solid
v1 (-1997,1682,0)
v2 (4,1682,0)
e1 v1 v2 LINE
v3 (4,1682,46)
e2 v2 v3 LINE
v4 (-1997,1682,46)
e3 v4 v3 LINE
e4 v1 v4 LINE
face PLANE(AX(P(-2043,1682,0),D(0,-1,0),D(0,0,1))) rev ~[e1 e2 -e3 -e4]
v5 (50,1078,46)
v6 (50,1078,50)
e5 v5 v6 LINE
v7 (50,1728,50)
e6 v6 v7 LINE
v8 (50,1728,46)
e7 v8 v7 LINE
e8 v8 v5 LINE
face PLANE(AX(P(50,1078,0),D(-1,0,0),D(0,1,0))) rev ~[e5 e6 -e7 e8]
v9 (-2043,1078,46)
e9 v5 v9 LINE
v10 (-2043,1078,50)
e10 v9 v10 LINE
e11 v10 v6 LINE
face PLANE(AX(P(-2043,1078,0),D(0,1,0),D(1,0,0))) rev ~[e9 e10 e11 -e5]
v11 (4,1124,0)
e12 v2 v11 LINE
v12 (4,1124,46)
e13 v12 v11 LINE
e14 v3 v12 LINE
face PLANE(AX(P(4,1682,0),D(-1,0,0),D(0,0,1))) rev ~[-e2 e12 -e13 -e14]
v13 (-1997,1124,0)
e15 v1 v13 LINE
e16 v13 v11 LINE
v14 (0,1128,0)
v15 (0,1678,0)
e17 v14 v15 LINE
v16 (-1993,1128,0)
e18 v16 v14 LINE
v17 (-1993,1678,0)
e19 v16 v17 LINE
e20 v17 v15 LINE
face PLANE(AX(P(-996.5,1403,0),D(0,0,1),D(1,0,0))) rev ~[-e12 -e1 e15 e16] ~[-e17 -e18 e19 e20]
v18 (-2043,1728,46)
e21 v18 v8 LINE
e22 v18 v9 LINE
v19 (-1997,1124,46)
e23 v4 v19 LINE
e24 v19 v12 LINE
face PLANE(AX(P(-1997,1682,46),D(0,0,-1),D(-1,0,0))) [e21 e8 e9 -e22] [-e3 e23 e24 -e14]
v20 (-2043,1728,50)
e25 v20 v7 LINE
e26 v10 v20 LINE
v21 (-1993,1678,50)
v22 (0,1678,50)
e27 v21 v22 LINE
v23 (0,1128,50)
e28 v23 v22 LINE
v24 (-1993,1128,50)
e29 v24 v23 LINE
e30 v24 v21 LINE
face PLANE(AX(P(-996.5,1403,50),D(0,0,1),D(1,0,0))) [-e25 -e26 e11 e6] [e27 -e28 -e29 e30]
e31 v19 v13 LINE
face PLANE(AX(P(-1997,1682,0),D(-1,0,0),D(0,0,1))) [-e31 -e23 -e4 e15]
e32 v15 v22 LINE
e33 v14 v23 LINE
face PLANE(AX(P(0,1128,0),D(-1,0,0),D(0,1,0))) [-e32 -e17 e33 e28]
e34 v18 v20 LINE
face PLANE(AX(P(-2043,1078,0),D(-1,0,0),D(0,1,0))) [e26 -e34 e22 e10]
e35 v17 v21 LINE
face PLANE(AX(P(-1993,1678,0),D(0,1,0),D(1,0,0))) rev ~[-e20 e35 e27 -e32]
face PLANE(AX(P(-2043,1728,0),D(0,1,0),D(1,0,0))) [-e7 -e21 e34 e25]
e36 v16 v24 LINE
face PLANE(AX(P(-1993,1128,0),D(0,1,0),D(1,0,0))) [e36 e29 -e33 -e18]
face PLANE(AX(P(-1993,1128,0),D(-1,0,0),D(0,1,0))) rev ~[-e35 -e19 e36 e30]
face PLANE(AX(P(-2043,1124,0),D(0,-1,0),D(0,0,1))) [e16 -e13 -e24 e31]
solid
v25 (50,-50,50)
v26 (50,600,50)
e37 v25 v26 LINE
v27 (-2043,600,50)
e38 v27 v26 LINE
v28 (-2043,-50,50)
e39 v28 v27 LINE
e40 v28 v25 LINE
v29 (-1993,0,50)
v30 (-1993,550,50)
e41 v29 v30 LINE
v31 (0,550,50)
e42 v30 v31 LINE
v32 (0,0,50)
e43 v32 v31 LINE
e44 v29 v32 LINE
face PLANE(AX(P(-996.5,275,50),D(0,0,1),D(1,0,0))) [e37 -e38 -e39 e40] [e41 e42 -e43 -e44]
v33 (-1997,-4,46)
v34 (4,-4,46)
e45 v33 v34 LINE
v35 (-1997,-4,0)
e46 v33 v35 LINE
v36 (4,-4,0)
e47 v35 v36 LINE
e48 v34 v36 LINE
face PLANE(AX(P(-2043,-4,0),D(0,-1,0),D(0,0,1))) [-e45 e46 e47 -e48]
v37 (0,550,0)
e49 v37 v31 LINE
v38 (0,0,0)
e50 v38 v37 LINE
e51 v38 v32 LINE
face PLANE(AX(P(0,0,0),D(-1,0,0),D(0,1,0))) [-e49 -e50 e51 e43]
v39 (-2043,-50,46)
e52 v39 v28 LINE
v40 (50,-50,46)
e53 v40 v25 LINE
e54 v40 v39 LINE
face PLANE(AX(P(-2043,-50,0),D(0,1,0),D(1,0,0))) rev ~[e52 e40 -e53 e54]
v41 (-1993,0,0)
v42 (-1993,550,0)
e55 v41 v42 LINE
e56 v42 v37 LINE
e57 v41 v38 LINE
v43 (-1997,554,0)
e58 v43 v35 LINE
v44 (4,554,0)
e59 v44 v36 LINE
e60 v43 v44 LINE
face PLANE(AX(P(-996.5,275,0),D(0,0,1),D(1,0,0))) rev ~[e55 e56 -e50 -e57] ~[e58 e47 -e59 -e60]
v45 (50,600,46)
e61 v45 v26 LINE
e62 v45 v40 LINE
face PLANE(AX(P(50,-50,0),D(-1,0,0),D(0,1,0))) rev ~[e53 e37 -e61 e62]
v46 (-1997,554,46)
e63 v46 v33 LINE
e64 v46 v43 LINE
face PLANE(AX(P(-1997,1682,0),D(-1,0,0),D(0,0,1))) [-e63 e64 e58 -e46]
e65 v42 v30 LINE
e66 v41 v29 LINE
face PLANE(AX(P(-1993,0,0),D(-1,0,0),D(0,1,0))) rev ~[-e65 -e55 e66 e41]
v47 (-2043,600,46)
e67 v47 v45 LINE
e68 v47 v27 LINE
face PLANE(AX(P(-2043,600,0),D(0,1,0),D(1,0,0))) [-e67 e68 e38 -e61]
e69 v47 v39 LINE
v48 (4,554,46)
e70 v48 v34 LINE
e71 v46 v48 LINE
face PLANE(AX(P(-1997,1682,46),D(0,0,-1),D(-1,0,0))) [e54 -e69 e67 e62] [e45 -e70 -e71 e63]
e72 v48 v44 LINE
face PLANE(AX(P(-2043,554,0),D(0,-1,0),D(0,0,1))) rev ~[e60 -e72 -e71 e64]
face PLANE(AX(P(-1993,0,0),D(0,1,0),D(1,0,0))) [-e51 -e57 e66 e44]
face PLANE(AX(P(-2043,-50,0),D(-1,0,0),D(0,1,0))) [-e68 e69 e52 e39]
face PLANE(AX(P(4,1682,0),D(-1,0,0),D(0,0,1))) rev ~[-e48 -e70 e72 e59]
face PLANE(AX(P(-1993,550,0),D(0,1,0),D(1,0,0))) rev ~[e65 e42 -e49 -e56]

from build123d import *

# Parameters (mm, degrees)
F0_W     = 2093
F0_H     = 650
F0_W_2   = 1993
F0_H_2   = 550
F1_DEPTH = 50
F2_W     = 46
F2_H     = 46
F3_DEPTH = 3000
F4_W     = 46
F4_H     = 46
F5_DEPTH = 3000


with BuildPart() as f1:
    # F0 (on Top) → F1 (new body)
    with BuildSketch(Plane.XY):
        with Locations((-996.5, 275)):
            Rectangle(F0_W, F0_H)
        with Locations((-996.5, 275)):
            Rectangle(F0_W_2, F0_H_2, mode=Mode.SUBTRACT)
        with Locations((-996.5, 1403)):
            Rectangle(F0_W, F0_H)
        with Locations((-996.5, 1403)):
            Rectangle(F0_W_2, F0_H_2, mode=Mode.SUBTRACT)
    extrude(amount=F1_DEPTH)

    # F2 (on face) → F3 (cut)
    with BuildSketch(Plane(origin=(-2043, 0, 0), x_dir=(0, -1, 0), z_dir=(-1, 0, 0))):
        with Locations((-1705, 23)):
            Rectangle(F2_W, F2_H)
        with Locations((-1101, 23)):
            Rectangle(F2_W, F2_H)
        with Locations((-577, 23)):
            Rectangle(F2_W, F2_H)
        with Locations((27, 23)):
            Rectangle(F2_W, F2_H)
    extrude(amount=-F3_DEPTH, mode=Mode.SUBTRACT)

    # F4 (on face) → F5 (cut)
    with BuildSketch(Plane(origin=(0, 1682, 0), x_dir=(-1, 0, 0), z_dir=(0, 1, 0))):
        with Locations((-27, 23)):
            Rectangle(F4_W, F4_H)
        with Locations((2020, 23)):
            Rectangle(F4_W, F4_H)
    extrude(amount=-F5_DEPTH, mode=Mode.SUBTRACT)


solid = f1.part
